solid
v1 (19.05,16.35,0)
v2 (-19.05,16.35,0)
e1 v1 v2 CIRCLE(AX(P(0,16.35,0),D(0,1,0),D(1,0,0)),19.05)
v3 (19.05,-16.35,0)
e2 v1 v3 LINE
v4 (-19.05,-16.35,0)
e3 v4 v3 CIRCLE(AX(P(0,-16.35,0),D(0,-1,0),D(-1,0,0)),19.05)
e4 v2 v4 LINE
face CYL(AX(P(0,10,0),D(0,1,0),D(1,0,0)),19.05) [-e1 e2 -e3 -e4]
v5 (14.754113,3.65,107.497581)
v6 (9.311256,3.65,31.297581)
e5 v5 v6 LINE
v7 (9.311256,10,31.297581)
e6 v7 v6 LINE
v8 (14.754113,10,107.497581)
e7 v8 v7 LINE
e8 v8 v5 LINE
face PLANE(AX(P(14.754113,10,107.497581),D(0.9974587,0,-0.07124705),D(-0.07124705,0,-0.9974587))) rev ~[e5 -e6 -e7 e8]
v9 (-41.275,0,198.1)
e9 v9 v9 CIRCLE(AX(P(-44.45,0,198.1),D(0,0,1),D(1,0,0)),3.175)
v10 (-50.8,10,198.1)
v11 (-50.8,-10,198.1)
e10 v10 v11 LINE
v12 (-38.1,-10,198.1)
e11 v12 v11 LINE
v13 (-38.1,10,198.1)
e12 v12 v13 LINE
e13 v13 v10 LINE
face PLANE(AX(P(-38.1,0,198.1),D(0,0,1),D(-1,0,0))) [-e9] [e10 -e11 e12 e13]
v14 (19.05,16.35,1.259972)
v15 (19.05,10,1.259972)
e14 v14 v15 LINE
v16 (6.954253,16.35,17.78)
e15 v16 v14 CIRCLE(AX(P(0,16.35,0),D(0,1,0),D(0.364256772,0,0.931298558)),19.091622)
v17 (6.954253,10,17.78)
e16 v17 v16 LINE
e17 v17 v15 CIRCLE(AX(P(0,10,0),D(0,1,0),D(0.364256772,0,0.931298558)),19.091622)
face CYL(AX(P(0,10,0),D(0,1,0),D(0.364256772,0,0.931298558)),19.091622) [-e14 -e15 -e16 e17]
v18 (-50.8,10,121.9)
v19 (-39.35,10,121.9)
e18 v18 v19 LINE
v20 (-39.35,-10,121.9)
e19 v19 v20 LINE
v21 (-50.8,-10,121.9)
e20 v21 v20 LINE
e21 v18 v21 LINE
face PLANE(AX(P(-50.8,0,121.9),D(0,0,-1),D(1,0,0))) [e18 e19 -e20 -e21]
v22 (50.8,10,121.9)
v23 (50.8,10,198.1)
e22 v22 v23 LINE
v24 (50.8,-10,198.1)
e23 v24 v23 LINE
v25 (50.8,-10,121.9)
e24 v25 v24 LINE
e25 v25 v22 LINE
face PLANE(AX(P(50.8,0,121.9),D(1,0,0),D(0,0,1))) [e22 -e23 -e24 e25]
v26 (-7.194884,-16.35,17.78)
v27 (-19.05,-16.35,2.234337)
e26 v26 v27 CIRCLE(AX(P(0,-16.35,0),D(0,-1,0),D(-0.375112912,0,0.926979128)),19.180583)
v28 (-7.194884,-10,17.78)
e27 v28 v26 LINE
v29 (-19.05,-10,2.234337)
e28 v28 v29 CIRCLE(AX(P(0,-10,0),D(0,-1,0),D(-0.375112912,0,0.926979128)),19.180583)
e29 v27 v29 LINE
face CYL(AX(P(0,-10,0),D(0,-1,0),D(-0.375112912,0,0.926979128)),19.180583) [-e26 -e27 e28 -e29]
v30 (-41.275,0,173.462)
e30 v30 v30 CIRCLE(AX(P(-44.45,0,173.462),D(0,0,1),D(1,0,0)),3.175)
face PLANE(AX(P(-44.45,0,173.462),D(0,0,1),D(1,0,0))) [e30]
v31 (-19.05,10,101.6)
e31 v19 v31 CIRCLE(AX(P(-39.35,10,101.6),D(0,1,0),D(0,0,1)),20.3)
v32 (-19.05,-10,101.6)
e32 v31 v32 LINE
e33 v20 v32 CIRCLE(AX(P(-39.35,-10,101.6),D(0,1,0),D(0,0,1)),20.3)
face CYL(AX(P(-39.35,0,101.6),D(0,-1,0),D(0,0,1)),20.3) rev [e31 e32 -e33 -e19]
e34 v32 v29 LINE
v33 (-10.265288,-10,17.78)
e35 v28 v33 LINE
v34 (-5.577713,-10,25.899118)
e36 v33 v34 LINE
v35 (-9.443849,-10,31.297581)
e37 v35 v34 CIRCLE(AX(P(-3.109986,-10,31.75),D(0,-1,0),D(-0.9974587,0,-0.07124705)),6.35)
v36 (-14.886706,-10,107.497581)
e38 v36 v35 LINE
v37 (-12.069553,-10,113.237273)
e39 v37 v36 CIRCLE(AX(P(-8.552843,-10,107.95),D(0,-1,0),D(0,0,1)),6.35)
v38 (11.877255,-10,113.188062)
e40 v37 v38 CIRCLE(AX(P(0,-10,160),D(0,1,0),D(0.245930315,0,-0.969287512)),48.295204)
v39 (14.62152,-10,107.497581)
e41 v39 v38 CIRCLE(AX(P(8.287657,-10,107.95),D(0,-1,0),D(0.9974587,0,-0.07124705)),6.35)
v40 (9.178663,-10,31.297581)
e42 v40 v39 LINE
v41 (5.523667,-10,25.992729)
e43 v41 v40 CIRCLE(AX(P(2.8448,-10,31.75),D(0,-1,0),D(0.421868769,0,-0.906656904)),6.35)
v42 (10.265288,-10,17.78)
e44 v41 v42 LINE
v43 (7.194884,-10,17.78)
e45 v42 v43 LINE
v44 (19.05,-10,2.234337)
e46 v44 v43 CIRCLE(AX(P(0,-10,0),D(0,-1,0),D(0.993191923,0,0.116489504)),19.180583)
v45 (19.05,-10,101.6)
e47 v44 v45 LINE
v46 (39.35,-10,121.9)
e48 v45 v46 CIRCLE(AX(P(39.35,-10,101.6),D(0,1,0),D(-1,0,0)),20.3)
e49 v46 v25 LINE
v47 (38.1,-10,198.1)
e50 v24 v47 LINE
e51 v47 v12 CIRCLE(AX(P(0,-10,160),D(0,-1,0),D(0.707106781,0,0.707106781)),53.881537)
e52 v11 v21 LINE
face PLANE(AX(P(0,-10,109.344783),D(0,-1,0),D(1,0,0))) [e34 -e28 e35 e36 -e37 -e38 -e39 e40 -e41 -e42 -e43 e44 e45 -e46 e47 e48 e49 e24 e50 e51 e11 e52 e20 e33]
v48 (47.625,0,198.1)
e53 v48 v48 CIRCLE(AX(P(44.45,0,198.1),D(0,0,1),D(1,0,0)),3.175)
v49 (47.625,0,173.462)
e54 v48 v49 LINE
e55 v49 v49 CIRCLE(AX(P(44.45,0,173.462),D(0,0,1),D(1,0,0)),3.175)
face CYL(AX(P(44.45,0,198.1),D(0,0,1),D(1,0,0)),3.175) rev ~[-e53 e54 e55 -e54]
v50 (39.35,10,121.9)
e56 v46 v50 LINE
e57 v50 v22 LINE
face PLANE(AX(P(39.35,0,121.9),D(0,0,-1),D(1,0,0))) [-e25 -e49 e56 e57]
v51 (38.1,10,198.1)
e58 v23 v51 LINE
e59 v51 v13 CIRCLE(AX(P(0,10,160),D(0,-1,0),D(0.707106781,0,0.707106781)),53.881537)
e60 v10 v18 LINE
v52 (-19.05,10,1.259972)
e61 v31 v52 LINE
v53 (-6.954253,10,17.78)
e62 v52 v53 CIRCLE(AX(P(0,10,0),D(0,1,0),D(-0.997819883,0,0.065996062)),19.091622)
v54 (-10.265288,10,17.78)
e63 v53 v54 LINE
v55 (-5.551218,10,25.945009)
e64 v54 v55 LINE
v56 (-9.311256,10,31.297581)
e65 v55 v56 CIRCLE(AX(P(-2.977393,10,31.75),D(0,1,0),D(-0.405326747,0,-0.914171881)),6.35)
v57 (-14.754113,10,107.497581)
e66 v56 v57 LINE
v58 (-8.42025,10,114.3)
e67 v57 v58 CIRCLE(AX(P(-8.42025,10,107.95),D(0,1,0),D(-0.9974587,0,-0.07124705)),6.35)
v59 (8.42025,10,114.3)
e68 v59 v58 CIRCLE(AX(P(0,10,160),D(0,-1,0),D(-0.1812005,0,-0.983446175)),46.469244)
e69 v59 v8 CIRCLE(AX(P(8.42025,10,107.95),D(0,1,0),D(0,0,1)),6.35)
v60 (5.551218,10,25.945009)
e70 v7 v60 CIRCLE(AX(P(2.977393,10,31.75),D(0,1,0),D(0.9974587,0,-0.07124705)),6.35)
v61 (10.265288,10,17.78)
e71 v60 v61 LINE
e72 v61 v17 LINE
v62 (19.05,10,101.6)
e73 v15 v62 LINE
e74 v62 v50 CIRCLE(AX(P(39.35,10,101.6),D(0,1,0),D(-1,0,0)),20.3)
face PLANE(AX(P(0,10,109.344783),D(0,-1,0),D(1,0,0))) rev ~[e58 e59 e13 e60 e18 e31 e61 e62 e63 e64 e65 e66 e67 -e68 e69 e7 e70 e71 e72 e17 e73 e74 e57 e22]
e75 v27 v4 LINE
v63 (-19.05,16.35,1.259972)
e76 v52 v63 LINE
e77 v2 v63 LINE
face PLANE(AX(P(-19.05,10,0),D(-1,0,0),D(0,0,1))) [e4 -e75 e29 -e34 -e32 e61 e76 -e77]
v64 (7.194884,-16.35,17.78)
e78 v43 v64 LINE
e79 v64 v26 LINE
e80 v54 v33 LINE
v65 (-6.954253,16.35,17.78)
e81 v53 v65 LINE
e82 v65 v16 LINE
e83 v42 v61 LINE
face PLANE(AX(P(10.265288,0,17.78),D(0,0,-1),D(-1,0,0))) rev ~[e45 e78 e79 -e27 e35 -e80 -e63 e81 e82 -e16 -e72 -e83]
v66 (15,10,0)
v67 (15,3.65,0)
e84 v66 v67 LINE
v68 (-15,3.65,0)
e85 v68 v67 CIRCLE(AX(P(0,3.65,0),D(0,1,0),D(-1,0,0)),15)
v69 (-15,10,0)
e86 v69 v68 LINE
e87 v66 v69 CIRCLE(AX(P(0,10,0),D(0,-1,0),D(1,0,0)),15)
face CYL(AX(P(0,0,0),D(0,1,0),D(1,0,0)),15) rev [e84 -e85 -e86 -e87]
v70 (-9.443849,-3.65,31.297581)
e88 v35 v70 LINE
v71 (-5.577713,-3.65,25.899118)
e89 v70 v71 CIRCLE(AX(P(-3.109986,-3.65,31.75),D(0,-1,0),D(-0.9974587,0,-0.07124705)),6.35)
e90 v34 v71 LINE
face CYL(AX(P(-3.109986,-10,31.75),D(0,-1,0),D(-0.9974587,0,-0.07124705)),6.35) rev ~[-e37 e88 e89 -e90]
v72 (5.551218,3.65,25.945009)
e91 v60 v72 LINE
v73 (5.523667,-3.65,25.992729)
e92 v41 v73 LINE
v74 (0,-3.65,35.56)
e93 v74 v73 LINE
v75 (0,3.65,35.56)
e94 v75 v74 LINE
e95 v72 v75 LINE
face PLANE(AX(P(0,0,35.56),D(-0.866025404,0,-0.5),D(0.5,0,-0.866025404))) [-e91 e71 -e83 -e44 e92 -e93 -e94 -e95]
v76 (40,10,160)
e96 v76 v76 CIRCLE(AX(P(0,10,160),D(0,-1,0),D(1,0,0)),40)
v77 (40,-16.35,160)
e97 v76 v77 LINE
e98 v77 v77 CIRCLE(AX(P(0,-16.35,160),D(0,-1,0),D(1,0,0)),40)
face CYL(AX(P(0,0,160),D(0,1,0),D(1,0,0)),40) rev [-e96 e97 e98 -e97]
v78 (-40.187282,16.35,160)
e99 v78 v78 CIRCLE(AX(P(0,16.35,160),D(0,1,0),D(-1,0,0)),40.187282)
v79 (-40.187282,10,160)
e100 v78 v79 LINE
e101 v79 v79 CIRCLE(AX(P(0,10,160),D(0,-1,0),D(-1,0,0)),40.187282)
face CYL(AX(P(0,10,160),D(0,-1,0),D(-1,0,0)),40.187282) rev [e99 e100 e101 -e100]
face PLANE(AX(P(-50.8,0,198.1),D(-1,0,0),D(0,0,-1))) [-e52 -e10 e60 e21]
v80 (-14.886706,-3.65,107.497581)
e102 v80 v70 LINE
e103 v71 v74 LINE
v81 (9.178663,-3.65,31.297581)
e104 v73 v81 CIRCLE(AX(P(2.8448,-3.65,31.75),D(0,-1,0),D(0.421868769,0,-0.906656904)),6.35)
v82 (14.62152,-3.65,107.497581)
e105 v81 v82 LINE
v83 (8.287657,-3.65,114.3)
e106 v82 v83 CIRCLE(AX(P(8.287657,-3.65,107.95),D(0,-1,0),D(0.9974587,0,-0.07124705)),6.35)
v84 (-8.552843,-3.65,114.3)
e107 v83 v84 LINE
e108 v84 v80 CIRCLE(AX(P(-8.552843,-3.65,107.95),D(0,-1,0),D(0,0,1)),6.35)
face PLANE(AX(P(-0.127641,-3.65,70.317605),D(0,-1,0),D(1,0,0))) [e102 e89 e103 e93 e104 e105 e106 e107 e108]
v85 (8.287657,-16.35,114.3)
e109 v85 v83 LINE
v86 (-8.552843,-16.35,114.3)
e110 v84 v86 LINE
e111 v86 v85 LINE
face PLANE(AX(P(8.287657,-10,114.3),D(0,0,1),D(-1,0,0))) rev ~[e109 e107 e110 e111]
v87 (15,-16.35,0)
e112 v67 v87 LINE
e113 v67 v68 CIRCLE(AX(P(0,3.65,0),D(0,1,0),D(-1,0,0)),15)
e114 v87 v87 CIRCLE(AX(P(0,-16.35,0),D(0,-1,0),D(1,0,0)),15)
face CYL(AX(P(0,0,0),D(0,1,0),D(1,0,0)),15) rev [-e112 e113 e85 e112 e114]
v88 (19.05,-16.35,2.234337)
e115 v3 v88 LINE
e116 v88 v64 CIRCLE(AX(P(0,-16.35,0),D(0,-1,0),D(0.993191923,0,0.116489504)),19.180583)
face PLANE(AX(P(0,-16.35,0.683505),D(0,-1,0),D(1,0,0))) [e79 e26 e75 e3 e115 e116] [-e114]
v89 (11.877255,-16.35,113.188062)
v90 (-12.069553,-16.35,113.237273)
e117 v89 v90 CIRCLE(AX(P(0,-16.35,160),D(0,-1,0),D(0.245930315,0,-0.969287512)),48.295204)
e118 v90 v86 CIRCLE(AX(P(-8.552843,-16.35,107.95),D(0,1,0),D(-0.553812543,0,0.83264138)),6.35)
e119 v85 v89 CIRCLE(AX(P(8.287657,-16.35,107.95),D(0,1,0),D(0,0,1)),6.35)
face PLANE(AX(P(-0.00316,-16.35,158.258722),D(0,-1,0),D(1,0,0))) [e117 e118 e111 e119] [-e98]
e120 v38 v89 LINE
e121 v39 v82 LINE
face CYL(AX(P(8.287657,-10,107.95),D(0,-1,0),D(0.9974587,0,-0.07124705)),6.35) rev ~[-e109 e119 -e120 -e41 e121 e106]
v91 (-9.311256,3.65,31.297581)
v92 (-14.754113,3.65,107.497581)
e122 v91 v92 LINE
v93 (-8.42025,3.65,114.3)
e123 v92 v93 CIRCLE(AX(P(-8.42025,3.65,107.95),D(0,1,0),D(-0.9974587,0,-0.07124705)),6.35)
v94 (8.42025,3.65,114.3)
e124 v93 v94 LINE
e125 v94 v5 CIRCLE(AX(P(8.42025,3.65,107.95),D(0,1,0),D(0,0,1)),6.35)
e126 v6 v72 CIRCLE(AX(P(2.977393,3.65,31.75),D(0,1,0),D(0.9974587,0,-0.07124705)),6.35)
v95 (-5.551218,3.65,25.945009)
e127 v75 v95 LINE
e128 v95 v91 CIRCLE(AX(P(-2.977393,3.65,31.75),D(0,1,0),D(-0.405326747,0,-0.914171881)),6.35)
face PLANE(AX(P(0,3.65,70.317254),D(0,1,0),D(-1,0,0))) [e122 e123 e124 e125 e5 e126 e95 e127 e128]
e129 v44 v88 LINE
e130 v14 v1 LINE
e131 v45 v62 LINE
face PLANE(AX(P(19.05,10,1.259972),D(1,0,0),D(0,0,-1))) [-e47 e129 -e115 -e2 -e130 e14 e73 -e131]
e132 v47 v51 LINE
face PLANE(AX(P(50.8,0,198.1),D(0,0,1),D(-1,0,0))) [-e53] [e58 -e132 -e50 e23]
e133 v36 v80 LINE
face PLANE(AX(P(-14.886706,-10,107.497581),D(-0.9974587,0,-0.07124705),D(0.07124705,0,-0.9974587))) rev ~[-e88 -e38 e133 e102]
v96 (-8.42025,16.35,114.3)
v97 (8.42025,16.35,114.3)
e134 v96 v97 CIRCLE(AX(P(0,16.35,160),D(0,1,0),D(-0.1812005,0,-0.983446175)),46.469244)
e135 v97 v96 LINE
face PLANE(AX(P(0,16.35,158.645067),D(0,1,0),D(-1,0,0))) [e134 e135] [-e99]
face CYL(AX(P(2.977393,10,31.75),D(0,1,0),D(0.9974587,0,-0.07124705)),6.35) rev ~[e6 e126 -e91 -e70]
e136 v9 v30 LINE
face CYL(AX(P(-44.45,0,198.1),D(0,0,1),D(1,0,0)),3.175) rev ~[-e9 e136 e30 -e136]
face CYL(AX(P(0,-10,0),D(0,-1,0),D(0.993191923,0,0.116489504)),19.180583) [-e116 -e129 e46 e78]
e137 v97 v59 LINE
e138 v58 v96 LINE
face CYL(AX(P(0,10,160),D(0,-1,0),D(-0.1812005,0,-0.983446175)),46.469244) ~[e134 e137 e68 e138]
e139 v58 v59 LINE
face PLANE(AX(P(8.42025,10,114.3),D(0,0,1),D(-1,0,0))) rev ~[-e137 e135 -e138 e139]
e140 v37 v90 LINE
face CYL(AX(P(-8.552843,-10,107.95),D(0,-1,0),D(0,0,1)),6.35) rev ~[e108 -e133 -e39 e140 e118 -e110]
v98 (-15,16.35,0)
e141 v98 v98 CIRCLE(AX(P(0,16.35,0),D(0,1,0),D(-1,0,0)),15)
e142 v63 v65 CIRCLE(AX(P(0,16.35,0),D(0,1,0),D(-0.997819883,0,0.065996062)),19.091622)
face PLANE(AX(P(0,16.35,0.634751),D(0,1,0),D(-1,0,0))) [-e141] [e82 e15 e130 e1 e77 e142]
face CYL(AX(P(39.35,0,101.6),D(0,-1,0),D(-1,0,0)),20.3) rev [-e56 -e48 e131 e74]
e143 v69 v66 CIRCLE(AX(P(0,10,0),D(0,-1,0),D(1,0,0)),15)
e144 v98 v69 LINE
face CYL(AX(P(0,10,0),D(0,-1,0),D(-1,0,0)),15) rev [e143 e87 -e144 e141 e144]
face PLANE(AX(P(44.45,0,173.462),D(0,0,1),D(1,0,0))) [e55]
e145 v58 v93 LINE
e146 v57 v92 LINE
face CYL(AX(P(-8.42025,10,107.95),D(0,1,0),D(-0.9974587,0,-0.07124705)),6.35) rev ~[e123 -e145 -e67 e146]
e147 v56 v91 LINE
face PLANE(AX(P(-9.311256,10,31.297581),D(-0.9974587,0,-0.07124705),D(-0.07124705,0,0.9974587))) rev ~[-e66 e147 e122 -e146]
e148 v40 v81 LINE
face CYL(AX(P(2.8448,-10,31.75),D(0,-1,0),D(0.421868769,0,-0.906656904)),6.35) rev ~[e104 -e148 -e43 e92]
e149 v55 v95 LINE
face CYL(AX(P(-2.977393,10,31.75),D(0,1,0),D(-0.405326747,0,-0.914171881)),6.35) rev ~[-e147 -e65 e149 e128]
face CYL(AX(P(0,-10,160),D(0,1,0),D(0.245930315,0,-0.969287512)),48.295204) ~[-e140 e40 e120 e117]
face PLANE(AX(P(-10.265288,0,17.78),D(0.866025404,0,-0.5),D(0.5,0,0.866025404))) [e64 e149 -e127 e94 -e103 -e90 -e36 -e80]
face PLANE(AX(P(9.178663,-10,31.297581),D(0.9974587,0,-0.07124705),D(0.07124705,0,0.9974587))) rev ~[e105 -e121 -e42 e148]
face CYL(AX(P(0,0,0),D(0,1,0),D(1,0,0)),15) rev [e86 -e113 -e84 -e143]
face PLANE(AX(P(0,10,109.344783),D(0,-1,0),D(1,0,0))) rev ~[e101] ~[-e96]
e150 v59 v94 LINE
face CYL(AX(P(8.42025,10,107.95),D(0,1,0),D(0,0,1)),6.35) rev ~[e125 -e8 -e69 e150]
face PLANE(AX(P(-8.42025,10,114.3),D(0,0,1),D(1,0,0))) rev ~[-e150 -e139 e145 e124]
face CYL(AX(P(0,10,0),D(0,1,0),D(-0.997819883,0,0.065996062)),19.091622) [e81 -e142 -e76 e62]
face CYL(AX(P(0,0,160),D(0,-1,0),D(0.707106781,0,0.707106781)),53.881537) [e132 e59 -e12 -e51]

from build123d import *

# Parameters (mm, degrees)
F0_R      = 15
F0_R_2    = 40
F1_DEPTH  = 10
F3_DEPTH  = 6.35
F5_DEPTH  = 6.35
F6_R      = 40
F6_R_2    = 15
F7_DEPTH  = 6.35
F8_R      = 40.1872824047
F8_R_2    = 15
F9_DEPTH  = 6.35
F10_R     = 3.175
F11_DEPTH = 24.638


with BuildPart() as f1:
    # F0 (on Front) → F1 (new body, symmetric)
    with BuildSketch(Plane.XZ):
        with BuildLine():
            Line((-38.1, 198.1), (-50.8, 198.1))
            Line((-50.8, 198.1), (-50.8, 121.9))
            Line((-50.8, 121.9), (-39.35, 121.9))
            ThreePointArc((-39.35, 121.9), (-24.9957323419, 115.9542676581), (-19.05, 101.6))
            Line((-19.05, 101.6), (-19.05, 0))
            ThreePointArc((-19.05, 0), (0, -19.05), (19.05, 0))
            Line((19.05, 0), (19.05, 101.6))
            ThreePointArc((19.05, 101.6), (24.9957323419, 115.9542676581), (39.35, 121.9))
            Line((39.35, 121.9), (50.8, 121.9))
            Line((50.8, 121.9), (50.8, 198.1))
            Line((50.8, 198.1), (38.1, 198.1))
            ThreePointArc((38.1, 198.1), (0, 213.8815367264), (-38.1, 198.1))
        make_face()
        Circle(F0_R, mode=Mode.SUBTRACT)
        Polygon((10.2652877862, 17.78), (-10.2652877862, 17.78), (0, 35.56), align=None, mode=Mode.SUBTRACT)
        with Locations((0, 160)):
            Circle(F0_R_2, mode=Mode.SUBTRACT)
    extrude(amount=F1_DEPTH, both=True)

    # F2 (on face) → F3 (cut)
    with BuildSketch(Plane(origin=(0, 10, 0), x_dir=(-1, 0, 0), z_dir=(0, 1, 0))):
        with BuildLine():
            Line((8.4202502013, 114.3), (-8.4202502013, 114.3))
            ThreePointArc((-8.4202502013, 114.3), (-13.0675805733, 112.2772185539), (-14.7541129452, 107.4975812326))
            Line((-14.7541129452, 107.4975812326), (-9.3112558023, 31.2975812326))
            ThreePointArc((-9.3112558023, 31.2975812326), (-8.1734716854, 28.0998949464), (-5.5512178996, 25.9450085541))
            Line((-5.5512178996, 25.9450085541), (0, 35.56))
            Line((0, 35.56), (5.5512178996, 25.9450085541))
            ThreePointArc((5.5512178996, 25.9450085541), (8.1734716854, 28.0998949464), (9.3112558023, 31.2975812326))
            Line((9.3112558023, 31.2975812326), (14.7541129452, 107.4975812326))
            ThreePointArc((14.7541129452, 107.4975812326), (13.0675805733, 112.2772185539), (8.4202502013, 114.3))
        make_face()
    extrude(amount=-F3_DEPTH, mode=Mode.SUBTRACT)

    # F4 (on face) → F5 (cut)
    with BuildSketch(Plane.XZ.offset(10)):
        with BuildLine():
            Line((8.2876571429, 114.3), (-8.5528432597, 114.3))
            ThreePointArc((-8.5528432597, 114.3), (-13.2001736317, 112.2772185539), (-14.8867060036, 107.4975812326))
            Line((-14.8867060036, 107.4975812326), (-9.4438488607, 31.2975812326))
            ThreePointArc((-9.4438488607, 31.2975812326), (-8.2726256774, 28.0527506485), (-5.5777130107, 25.8991176753))
            Line((-5.5777130107, 25.8991176753), (0, 35.56))
            Line((0, 35.56), (5.5236666839, 25.9927286594))
            ThreePointArc((5.5236666839, 25.9927286594), (8.0738236317, 28.1472494037), (9.1786627439, 31.2975812326))
            Line((9.1786627439, 31.2975812326), (14.6215198868, 107.4975812326))
            ThreePointArc((14.6215198868, 107.4975812326), (12.9349875149, 112.2772185539), (8.2876571429, 114.3))
        make_face()
    extrude(amount=-F5_DEPTH, mode=Mode.SUBTRACT)

    # F6 (on face) → F7 (join, symmetric)
    with BuildSketch(Plane.XZ.offset(10)):
        with BuildLine():
            ThreePointArc((8.2876571429, 114.3), (10.166594253, 114.0156487976), (11.8772548194, 113.1880615232))
            ThreePointArc((11.8772548194, 113.1880615232), (38.1185074142, 130.3452169369), (48.295204379, 160))
            ThreePointArc((48.295204379, 160), (-29.5763862031, 198.1793680562), (-12.0695529054, 113.2372727627))
            ThreePointArc((-12.0695529054, 113.2372727627), (-10.3897316554, 114.0285147052), (-8.5528432597, 114.3))
            Line((-8.5528432597, 114.3), (8.2876571429, 114.3))
        make_face()
        with Locations((0, 160)):
            Circle(F6_R, mode=Mode.SUBTRACT)
        with BuildLine():
            Line((19.05, 0), (19.05, 2.2343365964))
            ThreePointArc((19.05, 2.2343365964), (15.2517343468, 11.630965542), (7.1948842955, 17.78))
            Line((7.1948842955, 17.78), (-7.1948842955, 17.78))
            ThreePointArc((-7.1948842955, 17.78), (-15.2517343468, 11.630965542), (-19.05, 2.2343365964))
            Line((-19.05, 2.2343365964), (-19.05, 0))
            ThreePointArc((-19.05, 0), (0, -19.05), (19.05, 0))
        make_face()
        Circle(F6_R_2, mode=Mode.SUBTRACT)
    extrude(amount=F7_DEPTH, both=True)

    # F8 (on face) → F9 (join, symmetric)
    with BuildSketch(Plane(origin=(0, 10, 0), x_dir=(-1, 0, 0), z_dir=(0, 1, 0))):
        with BuildLine():
            Line((-8.4202502013, 114.3), (8.4202502013, 114.3))
            ThreePointArc((8.4202502013, 114.3), (35.7118556811, 130.2669547933), (46.4692437366, 160))
            ThreePointArc((46.4692437366, 160), (-29.7330452067, 195.7118556811), (-8.4202502013, 114.3))
        make_face()
        with Locations((0, 160)):
            Circle(F8_R, mode=Mode.SUBTRACT)
        with BuildLine():
            Line((19.05, 0), (19.05, 1.2599718654))
            ThreePointArc((19.05, 1.2599718654), (15.4039969033, 11.2786040139), (6.9542525911, 17.78))
            Line((6.9542525911, 17.78), (-6.9542525911, 17.78))
            ThreePointArc((-6.9542525911, 17.78), (-15.4039969033, 11.2786040139), (-19.05, 1.2599718654))
            Line((-19.05, 1.2599718654), (-19.05, 0))
            ThreePointArc((-19.05, 0), (0, -19.05), (19.05, 0))
        make_face()
        Circle(F8_R_2, mode=Mode.SUBTRACT)
    extrude(amount=F9_DEPTH, both=True)

    # F10 (on face) → F11 (cut)
    with BuildSketch(Plane.XY.offset(198.1)):
        with Locations((-44.45, 0)):
            Circle(F10_R)
        with Locations((44.45, 0)):
            Circle(F10_R)
    extrude(amount=-F11_DEPTH, mode=Mode.SUBTRACT)


solid = f1.part
